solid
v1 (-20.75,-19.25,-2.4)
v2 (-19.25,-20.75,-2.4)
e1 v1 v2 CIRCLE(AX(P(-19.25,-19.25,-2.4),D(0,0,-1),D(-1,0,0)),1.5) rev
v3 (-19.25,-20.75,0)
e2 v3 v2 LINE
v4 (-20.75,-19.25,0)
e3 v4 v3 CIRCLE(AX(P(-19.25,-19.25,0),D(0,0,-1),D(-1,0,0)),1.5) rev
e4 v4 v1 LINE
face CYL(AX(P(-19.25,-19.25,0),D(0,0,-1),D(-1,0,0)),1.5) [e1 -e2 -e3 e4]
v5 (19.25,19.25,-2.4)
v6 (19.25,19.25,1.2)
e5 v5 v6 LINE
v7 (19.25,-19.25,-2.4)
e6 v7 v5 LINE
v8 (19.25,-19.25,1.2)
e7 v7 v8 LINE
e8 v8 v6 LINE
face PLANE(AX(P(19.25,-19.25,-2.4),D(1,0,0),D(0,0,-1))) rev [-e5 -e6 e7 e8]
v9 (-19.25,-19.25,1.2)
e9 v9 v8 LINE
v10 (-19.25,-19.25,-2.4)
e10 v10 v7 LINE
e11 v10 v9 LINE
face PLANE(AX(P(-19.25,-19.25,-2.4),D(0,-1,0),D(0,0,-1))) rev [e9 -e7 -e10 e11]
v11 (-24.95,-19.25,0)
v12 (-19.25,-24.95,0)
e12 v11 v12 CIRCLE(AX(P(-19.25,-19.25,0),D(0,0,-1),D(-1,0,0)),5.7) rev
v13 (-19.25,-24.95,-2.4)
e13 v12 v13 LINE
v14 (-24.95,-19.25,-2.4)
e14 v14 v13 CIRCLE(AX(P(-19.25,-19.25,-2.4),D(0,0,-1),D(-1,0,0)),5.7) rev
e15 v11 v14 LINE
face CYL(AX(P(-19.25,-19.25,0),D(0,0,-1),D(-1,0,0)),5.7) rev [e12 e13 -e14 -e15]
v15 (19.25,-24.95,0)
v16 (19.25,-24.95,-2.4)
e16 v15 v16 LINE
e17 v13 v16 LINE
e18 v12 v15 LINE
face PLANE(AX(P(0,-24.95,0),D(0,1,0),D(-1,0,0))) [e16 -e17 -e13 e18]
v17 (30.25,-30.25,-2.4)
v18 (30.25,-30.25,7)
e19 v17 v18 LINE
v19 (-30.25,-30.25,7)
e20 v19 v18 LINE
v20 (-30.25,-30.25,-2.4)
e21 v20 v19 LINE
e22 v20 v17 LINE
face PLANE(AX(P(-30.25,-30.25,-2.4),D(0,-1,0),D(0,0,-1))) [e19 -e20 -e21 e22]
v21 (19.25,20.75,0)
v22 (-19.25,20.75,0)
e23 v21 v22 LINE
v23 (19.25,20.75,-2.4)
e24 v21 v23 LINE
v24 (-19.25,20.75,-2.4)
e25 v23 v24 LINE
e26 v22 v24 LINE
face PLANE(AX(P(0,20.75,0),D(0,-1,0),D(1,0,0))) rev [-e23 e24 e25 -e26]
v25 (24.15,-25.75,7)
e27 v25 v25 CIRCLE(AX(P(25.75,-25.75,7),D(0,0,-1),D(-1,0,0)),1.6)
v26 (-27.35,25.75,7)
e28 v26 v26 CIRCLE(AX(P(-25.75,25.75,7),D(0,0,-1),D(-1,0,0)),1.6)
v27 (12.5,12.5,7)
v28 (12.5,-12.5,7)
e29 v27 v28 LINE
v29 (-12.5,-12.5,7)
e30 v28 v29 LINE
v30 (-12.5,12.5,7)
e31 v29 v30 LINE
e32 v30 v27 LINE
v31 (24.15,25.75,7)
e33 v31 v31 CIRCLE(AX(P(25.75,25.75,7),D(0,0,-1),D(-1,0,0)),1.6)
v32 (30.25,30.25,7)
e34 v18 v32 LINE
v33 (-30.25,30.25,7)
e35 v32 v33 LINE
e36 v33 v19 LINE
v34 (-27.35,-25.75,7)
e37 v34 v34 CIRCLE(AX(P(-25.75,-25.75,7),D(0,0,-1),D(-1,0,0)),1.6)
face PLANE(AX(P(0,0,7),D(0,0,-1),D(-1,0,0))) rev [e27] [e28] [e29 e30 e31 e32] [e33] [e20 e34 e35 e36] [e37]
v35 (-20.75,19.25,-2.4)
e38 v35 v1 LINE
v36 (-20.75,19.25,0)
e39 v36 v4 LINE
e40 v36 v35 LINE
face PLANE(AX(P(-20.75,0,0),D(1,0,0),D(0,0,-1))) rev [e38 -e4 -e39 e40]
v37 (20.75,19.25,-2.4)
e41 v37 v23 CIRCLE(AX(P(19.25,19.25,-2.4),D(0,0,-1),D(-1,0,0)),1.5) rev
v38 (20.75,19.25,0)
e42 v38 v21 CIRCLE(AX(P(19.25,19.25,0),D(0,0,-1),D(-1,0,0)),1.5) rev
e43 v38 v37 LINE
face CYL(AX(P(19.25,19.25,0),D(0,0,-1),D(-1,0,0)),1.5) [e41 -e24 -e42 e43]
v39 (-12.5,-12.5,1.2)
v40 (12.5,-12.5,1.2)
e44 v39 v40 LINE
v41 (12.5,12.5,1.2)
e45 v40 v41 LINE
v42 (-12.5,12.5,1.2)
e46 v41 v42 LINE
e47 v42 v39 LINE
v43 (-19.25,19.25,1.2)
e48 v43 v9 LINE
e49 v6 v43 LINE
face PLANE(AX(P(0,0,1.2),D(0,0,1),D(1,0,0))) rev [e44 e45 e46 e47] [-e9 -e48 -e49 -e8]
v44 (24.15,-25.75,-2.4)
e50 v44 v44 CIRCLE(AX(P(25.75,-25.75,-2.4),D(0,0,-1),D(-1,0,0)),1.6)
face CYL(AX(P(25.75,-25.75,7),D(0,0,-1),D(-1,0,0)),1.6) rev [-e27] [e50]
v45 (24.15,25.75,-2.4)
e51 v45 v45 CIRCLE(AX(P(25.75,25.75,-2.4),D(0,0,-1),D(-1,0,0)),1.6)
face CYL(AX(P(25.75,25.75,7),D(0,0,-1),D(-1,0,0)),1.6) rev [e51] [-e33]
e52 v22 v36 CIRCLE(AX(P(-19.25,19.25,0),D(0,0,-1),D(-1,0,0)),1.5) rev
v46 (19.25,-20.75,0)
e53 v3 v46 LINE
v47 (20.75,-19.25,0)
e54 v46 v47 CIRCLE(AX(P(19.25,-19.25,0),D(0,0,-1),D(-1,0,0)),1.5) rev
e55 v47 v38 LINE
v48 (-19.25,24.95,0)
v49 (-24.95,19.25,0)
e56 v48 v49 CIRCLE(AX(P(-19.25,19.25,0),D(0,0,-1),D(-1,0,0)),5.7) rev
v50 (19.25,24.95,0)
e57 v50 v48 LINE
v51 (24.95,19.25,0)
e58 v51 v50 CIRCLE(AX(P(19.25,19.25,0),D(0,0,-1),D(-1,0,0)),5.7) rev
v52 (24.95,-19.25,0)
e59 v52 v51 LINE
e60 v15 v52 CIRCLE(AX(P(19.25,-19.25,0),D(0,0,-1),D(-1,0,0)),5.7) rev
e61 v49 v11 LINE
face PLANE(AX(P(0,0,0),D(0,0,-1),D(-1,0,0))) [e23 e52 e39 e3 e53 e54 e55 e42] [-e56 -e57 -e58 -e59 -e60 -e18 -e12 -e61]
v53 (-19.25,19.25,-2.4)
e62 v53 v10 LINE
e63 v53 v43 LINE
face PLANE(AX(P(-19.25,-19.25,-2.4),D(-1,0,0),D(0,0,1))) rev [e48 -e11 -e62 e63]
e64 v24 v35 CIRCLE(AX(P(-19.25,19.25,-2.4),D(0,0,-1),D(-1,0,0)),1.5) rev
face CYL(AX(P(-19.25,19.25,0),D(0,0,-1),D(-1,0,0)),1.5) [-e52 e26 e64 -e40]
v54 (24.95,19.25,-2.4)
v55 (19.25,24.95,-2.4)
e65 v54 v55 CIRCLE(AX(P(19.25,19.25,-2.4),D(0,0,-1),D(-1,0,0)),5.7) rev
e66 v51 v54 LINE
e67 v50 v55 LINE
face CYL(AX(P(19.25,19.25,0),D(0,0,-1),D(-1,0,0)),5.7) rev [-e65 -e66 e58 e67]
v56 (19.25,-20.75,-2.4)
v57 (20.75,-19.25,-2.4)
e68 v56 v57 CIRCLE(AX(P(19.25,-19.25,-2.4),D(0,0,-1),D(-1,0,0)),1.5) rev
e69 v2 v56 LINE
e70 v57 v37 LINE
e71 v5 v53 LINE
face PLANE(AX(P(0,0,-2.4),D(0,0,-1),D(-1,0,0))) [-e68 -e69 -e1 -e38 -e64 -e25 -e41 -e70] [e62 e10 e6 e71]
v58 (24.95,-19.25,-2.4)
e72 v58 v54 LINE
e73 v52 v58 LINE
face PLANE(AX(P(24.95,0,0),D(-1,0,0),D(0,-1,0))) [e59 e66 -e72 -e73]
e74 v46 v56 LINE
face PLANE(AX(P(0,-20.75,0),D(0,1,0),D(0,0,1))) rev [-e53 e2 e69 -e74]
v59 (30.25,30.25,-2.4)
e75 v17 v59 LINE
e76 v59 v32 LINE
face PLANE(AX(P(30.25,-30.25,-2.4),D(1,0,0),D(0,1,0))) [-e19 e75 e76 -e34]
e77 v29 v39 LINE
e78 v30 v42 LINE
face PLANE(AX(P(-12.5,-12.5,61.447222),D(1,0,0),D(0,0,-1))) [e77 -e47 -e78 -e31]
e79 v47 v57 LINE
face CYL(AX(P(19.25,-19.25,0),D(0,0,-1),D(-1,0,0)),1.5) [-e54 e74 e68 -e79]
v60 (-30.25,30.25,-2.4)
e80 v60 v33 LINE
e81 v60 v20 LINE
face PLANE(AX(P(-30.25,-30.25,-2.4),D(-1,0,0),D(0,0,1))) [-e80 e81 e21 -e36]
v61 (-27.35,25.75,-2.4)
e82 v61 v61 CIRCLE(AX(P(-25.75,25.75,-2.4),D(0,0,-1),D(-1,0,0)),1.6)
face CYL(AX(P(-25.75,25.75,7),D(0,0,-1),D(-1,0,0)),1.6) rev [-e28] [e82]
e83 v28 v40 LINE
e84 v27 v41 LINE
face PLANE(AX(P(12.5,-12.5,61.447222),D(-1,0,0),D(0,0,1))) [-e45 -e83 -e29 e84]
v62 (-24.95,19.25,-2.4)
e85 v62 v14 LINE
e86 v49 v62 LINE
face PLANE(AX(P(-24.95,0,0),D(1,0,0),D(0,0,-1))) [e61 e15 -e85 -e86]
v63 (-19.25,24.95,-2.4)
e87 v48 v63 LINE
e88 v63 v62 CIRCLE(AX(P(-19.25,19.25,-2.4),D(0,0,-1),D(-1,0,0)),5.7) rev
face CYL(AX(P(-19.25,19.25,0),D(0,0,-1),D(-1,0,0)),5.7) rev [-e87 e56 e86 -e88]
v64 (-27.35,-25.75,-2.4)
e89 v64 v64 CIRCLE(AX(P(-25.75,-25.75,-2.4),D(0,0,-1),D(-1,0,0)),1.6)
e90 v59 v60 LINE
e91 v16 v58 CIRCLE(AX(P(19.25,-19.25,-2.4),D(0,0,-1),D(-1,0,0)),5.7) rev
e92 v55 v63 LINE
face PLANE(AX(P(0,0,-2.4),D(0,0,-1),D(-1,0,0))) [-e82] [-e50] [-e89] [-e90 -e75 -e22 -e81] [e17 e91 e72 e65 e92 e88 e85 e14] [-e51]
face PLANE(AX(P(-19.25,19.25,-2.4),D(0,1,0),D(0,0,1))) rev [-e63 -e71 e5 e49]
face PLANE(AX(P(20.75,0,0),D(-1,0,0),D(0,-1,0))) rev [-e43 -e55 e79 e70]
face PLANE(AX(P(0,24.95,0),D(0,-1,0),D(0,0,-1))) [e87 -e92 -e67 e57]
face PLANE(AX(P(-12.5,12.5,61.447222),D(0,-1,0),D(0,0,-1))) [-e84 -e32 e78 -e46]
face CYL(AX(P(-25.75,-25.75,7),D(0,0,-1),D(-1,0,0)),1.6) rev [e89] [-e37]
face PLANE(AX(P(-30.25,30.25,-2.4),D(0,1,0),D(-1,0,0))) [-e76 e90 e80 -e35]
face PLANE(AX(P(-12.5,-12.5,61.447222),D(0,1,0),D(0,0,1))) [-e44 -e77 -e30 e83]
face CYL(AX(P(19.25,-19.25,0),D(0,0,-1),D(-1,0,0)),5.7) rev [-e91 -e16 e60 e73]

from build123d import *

# Parameters (mm, degrees)
EXTRUDE_1_DEPTH          = 7
EXTRUDE_1_DEPTH_BACK     = 2.4
SKETCH_1_W               = 60.5
SKETCH_1_H               = 60.5
SKETCH_1_W_2             = 38.5
SKETCH_1_H_2             = 38.5
SKETCH_2_W               = 38.5
SKETCH_2_H               = 38.5
SKETCH_2_W_2             = 25
SKETCH_2_H_2             = 25
EXTRUDE_3_DEPTH          = 5.8
CUT_EXTRUDE_1_DEPTH      = 2.4
CUT_EXTRUDE_2_DEPTH      = 44.800513696
CUT_EXTRUDE_2_DEPTH_BACK = 44.800513696
SKETCH_5_R               = 1.6


with BuildPart() as part:
    # ｽｹｯﾁ1 → ﾎﾞｽ - 押し出し1 (new, two sides: drawn at the far end of the back side and taken through both)
    with BuildSketch(Plane.XY.offset(-EXTRUDE_1_DEPTH_BACK)):
        Rectangle(SKETCH_1_W, SKETCH_1_H)
        Rectangle(SKETCH_1_W_2, SKETCH_1_H_2, mode=Mode.SUBTRACT)
    extrude(amount=EXTRUDE_1_DEPTH + EXTRUDE_1_DEPTH_BACK)

    # ｽｹｯﾁ2 → ﾎﾞｽ - 押し出し3 (add)
    with BuildSketch(Plane.XY.offset(1.2)):
        Rectangle(SKETCH_2_W, SKETCH_2_H)
        Rectangle(SKETCH_2_W_2, SKETCH_2_H_2, mode=Mode.SUBTRACT)
    extrude(amount=EXTRUDE_3_DEPTH)

    # ｽｹｯﾁ3 → ｶｯﾄ - 押し出し1 (cut)
    with BuildSketch(Plane(origin=(0, 0, -2.4), x_dir=(-1, 0, 0), z_dir=(0, 0, -1))):
        with BuildLine():
            ThreePointArc((-24.95, 19.25), (-23.280508653, 23.280508653), (-19.25, 24.95))
            Line((-19.25, 24.95), (19.25, 24.95))
            ThreePointArc((19.25, 24.95), (23.280508653, 23.280508653), (24.95, 19.25))
            Line((24.95, 19.25), (24.95, -19.25))
            ThreePointArc((24.95, -19.25), (23.280508653, -23.280508653), (19.25, -24.95))
            Line((19.25, -24.95), (-19.25, -24.95))
            ThreePointArc((-19.25, -24.95), (-23.280508653, -23.280508653), (-24.95, -19.25))
            Line((-24.95, -19.25), (-24.95, 19.25))
        make_face()
        with BuildLine():
            Line((-20.75, -19.25), (-20.75, 19.25))
            ThreePointArc((-20.75, 19.25), (-20.310660172, 20.310660172), (-19.25, 20.75))
            Line((-19.25, 20.75), (19.25, 20.75))
            ThreePointArc((19.25, 20.75), (20.310660172, 20.310660172), (20.75, 19.25))
            Line((20.75, 19.25), (20.75, -19.25))
            ThreePointArc((20.75, -19.25), (20.310660172, -20.310660172), (19.25, -20.75))
            Line((19.25, -20.75), (-19.25, -20.75))
            ThreePointArc((-19.25, -20.75), (-20.310660172, -20.310660172), (-20.75, -19.25))
        make_face(mode=Mode.SUBTRACT)
    extrude(amount=-CUT_EXTRUDE_1_DEPTH, mode=Mode.SUBTRACT)

    # ｽｹｯﾁ5 → ｶｯﾄ - 押し出し2 (cut, two sides: drawn at the far end of the back side and taken through both)
    with BuildSketch(Plane(origin=(0, 0, -2.4), x_dir=(-1, 0, 0), z_dir=(0, 0, -1)).offset(-CUT_EXTRUDE_2_DEPTH_BACK)):
        with Locations((-25.75, 25.75)):
            Circle(SKETCH_5_R)
        with Locations((25.75, 25.75)):
            Circle(SKETCH_5_R)
        with Locations((25.75, -25.75)):
            Circle(SKETCH_5_R)
        with Locations((-25.75, -25.75)):
            Circle(SKETCH_5_R)
    extrude(amount=CUT_EXTRUDE_2_DEPTH + CUT_EXTRUDE_2_DEPTH_BACK, mode=Mode.SUBTRACT)


solid = part.part
